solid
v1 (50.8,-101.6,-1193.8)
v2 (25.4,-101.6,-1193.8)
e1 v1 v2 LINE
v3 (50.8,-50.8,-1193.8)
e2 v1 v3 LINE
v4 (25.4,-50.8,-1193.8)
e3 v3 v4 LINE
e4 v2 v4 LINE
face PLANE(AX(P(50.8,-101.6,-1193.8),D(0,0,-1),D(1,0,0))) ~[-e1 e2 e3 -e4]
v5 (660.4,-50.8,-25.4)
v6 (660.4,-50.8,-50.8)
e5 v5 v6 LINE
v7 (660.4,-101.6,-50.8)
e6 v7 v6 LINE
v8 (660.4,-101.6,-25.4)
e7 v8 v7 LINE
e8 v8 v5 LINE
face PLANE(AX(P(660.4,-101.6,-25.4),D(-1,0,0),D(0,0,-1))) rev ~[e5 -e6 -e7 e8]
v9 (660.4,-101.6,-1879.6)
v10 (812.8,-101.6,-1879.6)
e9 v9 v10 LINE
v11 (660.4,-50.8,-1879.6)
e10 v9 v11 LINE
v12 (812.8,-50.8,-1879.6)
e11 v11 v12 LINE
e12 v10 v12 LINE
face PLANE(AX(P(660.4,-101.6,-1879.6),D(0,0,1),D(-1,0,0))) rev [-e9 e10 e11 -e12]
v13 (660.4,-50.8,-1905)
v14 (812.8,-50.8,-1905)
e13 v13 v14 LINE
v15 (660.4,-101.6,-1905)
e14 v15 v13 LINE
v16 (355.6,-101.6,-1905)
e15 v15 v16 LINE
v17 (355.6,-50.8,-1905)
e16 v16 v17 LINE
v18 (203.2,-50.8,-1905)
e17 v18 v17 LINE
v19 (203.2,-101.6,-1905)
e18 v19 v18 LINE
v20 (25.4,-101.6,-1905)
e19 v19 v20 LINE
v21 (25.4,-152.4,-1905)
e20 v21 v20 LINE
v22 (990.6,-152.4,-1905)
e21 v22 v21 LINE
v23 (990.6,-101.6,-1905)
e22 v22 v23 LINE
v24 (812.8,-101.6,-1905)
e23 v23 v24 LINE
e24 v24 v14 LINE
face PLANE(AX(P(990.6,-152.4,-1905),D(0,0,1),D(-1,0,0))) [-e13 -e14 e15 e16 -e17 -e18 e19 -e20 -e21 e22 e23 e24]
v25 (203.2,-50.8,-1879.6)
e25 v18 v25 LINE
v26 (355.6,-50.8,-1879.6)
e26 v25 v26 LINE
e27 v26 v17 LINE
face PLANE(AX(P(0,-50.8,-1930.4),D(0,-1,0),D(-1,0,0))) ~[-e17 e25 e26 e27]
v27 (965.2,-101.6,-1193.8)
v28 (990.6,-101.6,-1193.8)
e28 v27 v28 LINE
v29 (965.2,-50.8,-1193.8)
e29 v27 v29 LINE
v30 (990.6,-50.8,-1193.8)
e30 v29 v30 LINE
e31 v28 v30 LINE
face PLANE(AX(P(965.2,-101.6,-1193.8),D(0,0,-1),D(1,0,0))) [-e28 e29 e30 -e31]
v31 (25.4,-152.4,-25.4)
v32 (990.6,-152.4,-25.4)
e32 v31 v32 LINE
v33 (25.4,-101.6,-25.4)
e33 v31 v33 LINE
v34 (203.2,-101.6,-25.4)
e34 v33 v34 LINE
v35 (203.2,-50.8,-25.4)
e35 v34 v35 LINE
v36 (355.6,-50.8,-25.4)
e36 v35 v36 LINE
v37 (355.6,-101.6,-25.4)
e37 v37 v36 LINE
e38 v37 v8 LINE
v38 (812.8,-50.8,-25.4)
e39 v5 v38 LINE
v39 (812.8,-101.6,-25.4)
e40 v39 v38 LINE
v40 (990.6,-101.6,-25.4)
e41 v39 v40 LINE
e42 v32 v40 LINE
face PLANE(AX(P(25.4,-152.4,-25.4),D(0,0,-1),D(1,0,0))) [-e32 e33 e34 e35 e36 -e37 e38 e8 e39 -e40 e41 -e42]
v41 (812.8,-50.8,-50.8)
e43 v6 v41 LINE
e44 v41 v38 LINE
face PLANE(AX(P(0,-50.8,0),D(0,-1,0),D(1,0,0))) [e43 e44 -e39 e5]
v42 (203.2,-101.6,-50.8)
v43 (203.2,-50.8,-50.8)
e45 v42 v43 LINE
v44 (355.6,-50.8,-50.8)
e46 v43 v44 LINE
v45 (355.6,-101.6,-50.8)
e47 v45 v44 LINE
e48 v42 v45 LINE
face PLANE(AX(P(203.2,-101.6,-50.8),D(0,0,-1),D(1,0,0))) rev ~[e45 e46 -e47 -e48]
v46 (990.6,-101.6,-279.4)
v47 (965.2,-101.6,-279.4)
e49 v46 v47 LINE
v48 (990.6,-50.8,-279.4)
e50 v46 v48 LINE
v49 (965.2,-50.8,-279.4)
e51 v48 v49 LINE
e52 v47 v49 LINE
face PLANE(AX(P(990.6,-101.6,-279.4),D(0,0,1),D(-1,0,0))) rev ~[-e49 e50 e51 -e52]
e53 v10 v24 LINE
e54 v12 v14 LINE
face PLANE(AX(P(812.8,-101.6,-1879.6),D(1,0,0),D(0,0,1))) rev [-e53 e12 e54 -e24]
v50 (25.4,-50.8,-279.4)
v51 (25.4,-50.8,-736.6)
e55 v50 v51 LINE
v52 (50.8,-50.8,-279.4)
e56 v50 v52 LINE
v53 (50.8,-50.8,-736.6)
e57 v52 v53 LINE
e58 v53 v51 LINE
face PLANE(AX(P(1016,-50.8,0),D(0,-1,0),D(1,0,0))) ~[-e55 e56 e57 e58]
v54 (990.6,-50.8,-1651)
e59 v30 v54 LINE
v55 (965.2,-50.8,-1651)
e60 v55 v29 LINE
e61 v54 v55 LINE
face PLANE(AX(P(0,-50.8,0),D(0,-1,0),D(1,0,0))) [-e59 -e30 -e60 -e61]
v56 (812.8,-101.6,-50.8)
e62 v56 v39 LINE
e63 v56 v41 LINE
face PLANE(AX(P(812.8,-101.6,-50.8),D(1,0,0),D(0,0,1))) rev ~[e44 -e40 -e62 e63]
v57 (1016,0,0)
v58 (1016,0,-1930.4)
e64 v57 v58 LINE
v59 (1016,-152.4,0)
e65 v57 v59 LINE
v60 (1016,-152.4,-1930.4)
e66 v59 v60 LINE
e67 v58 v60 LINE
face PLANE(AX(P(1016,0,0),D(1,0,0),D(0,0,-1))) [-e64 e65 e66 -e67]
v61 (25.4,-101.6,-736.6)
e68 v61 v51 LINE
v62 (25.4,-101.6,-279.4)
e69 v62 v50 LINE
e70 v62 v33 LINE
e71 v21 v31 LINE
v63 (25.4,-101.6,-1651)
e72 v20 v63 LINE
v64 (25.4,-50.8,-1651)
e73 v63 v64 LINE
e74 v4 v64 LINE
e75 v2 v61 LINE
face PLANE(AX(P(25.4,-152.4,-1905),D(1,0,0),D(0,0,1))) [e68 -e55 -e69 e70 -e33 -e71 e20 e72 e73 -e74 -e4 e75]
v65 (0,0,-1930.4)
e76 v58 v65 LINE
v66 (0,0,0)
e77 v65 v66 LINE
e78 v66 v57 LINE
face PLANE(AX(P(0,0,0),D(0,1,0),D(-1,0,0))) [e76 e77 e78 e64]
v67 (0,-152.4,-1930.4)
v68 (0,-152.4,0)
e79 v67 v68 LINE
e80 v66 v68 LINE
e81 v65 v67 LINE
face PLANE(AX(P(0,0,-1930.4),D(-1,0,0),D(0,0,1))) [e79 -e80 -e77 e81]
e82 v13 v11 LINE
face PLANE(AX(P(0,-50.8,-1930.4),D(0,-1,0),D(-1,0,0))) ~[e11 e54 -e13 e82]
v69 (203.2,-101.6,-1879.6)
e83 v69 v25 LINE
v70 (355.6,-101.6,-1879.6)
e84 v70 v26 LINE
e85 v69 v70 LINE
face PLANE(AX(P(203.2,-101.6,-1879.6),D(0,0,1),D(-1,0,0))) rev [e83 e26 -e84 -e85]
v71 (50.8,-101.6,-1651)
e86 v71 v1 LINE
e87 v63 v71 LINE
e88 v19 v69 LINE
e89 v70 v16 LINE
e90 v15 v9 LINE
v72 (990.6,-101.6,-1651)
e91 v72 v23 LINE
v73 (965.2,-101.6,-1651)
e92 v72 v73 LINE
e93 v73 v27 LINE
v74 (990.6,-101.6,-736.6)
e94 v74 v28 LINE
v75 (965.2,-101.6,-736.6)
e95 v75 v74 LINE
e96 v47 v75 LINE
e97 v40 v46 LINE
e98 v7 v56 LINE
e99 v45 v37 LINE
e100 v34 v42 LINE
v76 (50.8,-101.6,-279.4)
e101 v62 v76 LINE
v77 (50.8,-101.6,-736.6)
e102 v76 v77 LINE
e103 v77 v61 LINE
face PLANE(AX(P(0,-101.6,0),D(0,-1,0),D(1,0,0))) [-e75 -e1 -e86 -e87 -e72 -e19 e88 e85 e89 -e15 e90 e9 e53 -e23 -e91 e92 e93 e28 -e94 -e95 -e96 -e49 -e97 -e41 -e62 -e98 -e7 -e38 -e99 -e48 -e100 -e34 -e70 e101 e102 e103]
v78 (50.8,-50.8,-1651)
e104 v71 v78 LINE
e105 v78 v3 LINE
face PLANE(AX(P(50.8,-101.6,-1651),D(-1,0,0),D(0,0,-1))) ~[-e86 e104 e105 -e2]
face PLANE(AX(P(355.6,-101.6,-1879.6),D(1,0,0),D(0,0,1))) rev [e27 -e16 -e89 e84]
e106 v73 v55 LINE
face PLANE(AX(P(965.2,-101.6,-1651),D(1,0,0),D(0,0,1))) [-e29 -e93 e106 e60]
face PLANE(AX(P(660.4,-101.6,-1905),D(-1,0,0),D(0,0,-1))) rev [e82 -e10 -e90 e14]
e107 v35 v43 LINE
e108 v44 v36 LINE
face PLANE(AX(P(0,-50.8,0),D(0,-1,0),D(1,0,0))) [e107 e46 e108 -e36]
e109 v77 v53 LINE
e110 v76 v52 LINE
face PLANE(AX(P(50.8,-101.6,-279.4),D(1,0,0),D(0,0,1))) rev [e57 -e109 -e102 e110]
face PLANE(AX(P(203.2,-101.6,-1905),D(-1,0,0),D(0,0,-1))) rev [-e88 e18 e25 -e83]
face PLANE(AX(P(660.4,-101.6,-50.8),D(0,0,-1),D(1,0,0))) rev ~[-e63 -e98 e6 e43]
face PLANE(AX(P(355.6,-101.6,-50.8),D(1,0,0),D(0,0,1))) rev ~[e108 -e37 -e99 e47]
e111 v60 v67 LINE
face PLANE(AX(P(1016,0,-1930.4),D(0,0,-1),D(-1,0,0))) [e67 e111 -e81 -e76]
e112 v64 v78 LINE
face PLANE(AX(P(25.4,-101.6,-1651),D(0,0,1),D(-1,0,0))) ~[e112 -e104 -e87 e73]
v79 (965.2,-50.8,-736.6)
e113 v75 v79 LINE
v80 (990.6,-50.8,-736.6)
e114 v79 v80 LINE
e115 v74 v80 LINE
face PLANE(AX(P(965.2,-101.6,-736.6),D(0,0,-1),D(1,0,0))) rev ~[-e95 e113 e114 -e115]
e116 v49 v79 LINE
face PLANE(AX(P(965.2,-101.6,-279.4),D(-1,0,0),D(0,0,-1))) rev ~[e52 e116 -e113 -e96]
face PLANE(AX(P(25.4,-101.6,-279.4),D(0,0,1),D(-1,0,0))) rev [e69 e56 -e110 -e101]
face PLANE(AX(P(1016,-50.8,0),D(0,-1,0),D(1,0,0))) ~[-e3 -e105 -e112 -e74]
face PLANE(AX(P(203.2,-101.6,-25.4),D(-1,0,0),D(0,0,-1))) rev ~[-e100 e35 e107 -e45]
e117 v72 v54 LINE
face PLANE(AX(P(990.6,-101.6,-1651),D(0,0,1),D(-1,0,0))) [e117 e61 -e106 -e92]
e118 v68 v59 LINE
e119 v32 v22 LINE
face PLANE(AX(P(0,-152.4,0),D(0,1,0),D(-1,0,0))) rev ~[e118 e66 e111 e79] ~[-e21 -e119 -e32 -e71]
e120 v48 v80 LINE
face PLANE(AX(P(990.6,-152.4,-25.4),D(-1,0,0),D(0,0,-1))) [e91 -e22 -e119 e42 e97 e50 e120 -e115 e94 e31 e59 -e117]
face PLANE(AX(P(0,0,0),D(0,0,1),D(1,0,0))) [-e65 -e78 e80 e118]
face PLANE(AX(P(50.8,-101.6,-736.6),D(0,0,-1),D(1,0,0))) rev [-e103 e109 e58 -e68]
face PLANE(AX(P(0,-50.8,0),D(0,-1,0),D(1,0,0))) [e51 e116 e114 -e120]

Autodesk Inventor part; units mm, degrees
ref_plane "YZ Plane" through (0, 0, 0) normal (1, 0, 0) x (0, 1, 0)
ref_plane "XZ Plane" through (0, 0, 0) normal (0, 1, 0) x (-1, 0, 0)
ref_plane "XY Plane" through (0, 0, 0) normal (0, 0, 1) x (1, 0, 0)
sketch "Sketch1" plane through (0, 0, 0) normal (0, 1, 0) x (-1, 0, 0)
  line L0 (0, 0) -> (-1016, 0)
  line L1 (-1016, 0) -> (-1016, -1930.4)
  line L2 (-1016, -1930.4) -> (0, -1930.4)
  line L3 (0, -1930.4) -> (0, 0)
  dimension "d0" = 1016
  dimension "d1" = 1930.4
extrude "Extrusion1" add sketch "Sketch1" against normal blind 152.4
sketch "Sketch2" plane through (0, -152.4, 0) normal (0, -1, 0) x (1, 0, 0)
  line L0 (25.4, -25.4) -> (990.6, -25.4)
  line L1 (990.6, -25.4) -> (990.6, -1905)
  line L2 (990.6, -1905) -> (25.4, -1905)
  line L3 (25.4, -1905) -> (25.4, -25.4)
  line L4 (25.4, -965.2) -> (0, -965.2)
  line L5 (0, 0) -> (0, -1930.4) projected
  line L6 (508, -1905) -> (508, -1930.4)
  line L7 (0, -1930.4) -> (1016, -1930.4) projected
  line L8 (990.6, -965.2) -> (1016, -965.2)
  line L9 (1016, -1930.4) -> (1016, 0) projected
  line L10 (508, -25.4) -> (508, 0)
  line L11 (1016, 0) -> (0, 0) projected
  dimension "d4" = 25.4
  dimension "d5" = 25.4
extrude "Extrusion2" cut sketch "Sketch2" against normal blind 50.8 contours L0 L1 L2 L3
sketch "Sketch3" plane through (0, -101.6, 0) normal (0, -1, 0) x (1, 0, 0)
  line L0 (990.6, -25.4) -> (990.6, -1905) projected
  line L1 (990.6, -279.4) -> (965.2, -279.4)
  line L2 (965.2, -279.4) -> (965.2, -736.6)
  line L3 (965.2, -736.6) -> (990.6, -736.6)
  line L4 (990.6, -736.6) -> (990.6, -279.4)
  line L5 (25.4, -1905) -> (25.4, -25.4) projected
  line L6 (990.6, -1905) -> (25.4, -1905) projected
  line L7 (990.6, -25.4) -> (990.6, -1905) projected
  line L8 (25.4, -25.4) -> (990.6, -25.4) projected
  line L9 (990.6, -1651) -> (965.2, -1651)
  line L10 (965.2, -1651) -> (965.2, -1193.8)
  line L11 (965.2, -1193.8) -> (990.6, -1193.8)
  line L12 (990.6, -1193.8) -> (990.6, -1651)
  point P0 (0, 0)
  dimension "d8" = 25.4
  dimension "d9" = 457.2
  dimension "d10" = 254
  dimension "d11" = 25.4
  dimension "d12" = 457.2
  dimension "d13" = 254
extrude "Extrusion3" cut sketch "Sketch3" against normal blind 50.8 contours L0 L3 L2 L1 | L0 L9 L10 L11
ref_plane "Work Plane1" through (508, 0, 0) normal (1, 0, 0) x (0, 0, -1)
mirror "Mirror1" about plane through (508, 0, 0) normal (1, 0, 0) of "Extrusion3"
sketch "Sketch4" plane through (0, -101.6, 0) normal (0, -1, 0) x (1, 0, 0)
  line L0 (25.4, -25.4) -> (990.6, -25.4) projected
  line L1 (812.8, -25.4) -> (660.4, -25.4)
  line L2 (660.4, -25.4) -> (660.4, -50.8)
  line L3 (660.4, -50.8) -> (812.8, -50.8)
  line L4 (812.8, -50.8) -> (812.8, -25.4)
  line L5 (355.6, -25.4) -> (203.2, -25.4)
  line L6 (203.2, -25.4) -> (203.2, -50.8)
  line L7 (203.2, -50.8) -> (355.6, -50.8)
  line L8 (355.6, -50.8) -> (355.6, -25.4)
  line L9 (990.6, -25.4) -> (990.6, -1905) projected
  line L10 (25.4, -1905) -> (25.4, -25.4) projected
  point P0 (0, 0)
  dimension "d16" = 152.4
  dimension "d17" = 25.4
  dimension "d18" = 152.4
  dimension "d19" = 25.4
  dimension "d20" = 177.8
  dimension "d21" = 177.8
extrude "Extrusion4" cut sketch "Sketch4" against normal blind 50.8
ref_plane "Work Plane2" through (0, 0, -965.2) normal (0, 0, 1) x (1, 0, 0)
mirror "Mirror2" about plane through (0, 0, -965.2) normal (0, 0, 1) of "Extrusion4"
properties part number "rev1 top"
